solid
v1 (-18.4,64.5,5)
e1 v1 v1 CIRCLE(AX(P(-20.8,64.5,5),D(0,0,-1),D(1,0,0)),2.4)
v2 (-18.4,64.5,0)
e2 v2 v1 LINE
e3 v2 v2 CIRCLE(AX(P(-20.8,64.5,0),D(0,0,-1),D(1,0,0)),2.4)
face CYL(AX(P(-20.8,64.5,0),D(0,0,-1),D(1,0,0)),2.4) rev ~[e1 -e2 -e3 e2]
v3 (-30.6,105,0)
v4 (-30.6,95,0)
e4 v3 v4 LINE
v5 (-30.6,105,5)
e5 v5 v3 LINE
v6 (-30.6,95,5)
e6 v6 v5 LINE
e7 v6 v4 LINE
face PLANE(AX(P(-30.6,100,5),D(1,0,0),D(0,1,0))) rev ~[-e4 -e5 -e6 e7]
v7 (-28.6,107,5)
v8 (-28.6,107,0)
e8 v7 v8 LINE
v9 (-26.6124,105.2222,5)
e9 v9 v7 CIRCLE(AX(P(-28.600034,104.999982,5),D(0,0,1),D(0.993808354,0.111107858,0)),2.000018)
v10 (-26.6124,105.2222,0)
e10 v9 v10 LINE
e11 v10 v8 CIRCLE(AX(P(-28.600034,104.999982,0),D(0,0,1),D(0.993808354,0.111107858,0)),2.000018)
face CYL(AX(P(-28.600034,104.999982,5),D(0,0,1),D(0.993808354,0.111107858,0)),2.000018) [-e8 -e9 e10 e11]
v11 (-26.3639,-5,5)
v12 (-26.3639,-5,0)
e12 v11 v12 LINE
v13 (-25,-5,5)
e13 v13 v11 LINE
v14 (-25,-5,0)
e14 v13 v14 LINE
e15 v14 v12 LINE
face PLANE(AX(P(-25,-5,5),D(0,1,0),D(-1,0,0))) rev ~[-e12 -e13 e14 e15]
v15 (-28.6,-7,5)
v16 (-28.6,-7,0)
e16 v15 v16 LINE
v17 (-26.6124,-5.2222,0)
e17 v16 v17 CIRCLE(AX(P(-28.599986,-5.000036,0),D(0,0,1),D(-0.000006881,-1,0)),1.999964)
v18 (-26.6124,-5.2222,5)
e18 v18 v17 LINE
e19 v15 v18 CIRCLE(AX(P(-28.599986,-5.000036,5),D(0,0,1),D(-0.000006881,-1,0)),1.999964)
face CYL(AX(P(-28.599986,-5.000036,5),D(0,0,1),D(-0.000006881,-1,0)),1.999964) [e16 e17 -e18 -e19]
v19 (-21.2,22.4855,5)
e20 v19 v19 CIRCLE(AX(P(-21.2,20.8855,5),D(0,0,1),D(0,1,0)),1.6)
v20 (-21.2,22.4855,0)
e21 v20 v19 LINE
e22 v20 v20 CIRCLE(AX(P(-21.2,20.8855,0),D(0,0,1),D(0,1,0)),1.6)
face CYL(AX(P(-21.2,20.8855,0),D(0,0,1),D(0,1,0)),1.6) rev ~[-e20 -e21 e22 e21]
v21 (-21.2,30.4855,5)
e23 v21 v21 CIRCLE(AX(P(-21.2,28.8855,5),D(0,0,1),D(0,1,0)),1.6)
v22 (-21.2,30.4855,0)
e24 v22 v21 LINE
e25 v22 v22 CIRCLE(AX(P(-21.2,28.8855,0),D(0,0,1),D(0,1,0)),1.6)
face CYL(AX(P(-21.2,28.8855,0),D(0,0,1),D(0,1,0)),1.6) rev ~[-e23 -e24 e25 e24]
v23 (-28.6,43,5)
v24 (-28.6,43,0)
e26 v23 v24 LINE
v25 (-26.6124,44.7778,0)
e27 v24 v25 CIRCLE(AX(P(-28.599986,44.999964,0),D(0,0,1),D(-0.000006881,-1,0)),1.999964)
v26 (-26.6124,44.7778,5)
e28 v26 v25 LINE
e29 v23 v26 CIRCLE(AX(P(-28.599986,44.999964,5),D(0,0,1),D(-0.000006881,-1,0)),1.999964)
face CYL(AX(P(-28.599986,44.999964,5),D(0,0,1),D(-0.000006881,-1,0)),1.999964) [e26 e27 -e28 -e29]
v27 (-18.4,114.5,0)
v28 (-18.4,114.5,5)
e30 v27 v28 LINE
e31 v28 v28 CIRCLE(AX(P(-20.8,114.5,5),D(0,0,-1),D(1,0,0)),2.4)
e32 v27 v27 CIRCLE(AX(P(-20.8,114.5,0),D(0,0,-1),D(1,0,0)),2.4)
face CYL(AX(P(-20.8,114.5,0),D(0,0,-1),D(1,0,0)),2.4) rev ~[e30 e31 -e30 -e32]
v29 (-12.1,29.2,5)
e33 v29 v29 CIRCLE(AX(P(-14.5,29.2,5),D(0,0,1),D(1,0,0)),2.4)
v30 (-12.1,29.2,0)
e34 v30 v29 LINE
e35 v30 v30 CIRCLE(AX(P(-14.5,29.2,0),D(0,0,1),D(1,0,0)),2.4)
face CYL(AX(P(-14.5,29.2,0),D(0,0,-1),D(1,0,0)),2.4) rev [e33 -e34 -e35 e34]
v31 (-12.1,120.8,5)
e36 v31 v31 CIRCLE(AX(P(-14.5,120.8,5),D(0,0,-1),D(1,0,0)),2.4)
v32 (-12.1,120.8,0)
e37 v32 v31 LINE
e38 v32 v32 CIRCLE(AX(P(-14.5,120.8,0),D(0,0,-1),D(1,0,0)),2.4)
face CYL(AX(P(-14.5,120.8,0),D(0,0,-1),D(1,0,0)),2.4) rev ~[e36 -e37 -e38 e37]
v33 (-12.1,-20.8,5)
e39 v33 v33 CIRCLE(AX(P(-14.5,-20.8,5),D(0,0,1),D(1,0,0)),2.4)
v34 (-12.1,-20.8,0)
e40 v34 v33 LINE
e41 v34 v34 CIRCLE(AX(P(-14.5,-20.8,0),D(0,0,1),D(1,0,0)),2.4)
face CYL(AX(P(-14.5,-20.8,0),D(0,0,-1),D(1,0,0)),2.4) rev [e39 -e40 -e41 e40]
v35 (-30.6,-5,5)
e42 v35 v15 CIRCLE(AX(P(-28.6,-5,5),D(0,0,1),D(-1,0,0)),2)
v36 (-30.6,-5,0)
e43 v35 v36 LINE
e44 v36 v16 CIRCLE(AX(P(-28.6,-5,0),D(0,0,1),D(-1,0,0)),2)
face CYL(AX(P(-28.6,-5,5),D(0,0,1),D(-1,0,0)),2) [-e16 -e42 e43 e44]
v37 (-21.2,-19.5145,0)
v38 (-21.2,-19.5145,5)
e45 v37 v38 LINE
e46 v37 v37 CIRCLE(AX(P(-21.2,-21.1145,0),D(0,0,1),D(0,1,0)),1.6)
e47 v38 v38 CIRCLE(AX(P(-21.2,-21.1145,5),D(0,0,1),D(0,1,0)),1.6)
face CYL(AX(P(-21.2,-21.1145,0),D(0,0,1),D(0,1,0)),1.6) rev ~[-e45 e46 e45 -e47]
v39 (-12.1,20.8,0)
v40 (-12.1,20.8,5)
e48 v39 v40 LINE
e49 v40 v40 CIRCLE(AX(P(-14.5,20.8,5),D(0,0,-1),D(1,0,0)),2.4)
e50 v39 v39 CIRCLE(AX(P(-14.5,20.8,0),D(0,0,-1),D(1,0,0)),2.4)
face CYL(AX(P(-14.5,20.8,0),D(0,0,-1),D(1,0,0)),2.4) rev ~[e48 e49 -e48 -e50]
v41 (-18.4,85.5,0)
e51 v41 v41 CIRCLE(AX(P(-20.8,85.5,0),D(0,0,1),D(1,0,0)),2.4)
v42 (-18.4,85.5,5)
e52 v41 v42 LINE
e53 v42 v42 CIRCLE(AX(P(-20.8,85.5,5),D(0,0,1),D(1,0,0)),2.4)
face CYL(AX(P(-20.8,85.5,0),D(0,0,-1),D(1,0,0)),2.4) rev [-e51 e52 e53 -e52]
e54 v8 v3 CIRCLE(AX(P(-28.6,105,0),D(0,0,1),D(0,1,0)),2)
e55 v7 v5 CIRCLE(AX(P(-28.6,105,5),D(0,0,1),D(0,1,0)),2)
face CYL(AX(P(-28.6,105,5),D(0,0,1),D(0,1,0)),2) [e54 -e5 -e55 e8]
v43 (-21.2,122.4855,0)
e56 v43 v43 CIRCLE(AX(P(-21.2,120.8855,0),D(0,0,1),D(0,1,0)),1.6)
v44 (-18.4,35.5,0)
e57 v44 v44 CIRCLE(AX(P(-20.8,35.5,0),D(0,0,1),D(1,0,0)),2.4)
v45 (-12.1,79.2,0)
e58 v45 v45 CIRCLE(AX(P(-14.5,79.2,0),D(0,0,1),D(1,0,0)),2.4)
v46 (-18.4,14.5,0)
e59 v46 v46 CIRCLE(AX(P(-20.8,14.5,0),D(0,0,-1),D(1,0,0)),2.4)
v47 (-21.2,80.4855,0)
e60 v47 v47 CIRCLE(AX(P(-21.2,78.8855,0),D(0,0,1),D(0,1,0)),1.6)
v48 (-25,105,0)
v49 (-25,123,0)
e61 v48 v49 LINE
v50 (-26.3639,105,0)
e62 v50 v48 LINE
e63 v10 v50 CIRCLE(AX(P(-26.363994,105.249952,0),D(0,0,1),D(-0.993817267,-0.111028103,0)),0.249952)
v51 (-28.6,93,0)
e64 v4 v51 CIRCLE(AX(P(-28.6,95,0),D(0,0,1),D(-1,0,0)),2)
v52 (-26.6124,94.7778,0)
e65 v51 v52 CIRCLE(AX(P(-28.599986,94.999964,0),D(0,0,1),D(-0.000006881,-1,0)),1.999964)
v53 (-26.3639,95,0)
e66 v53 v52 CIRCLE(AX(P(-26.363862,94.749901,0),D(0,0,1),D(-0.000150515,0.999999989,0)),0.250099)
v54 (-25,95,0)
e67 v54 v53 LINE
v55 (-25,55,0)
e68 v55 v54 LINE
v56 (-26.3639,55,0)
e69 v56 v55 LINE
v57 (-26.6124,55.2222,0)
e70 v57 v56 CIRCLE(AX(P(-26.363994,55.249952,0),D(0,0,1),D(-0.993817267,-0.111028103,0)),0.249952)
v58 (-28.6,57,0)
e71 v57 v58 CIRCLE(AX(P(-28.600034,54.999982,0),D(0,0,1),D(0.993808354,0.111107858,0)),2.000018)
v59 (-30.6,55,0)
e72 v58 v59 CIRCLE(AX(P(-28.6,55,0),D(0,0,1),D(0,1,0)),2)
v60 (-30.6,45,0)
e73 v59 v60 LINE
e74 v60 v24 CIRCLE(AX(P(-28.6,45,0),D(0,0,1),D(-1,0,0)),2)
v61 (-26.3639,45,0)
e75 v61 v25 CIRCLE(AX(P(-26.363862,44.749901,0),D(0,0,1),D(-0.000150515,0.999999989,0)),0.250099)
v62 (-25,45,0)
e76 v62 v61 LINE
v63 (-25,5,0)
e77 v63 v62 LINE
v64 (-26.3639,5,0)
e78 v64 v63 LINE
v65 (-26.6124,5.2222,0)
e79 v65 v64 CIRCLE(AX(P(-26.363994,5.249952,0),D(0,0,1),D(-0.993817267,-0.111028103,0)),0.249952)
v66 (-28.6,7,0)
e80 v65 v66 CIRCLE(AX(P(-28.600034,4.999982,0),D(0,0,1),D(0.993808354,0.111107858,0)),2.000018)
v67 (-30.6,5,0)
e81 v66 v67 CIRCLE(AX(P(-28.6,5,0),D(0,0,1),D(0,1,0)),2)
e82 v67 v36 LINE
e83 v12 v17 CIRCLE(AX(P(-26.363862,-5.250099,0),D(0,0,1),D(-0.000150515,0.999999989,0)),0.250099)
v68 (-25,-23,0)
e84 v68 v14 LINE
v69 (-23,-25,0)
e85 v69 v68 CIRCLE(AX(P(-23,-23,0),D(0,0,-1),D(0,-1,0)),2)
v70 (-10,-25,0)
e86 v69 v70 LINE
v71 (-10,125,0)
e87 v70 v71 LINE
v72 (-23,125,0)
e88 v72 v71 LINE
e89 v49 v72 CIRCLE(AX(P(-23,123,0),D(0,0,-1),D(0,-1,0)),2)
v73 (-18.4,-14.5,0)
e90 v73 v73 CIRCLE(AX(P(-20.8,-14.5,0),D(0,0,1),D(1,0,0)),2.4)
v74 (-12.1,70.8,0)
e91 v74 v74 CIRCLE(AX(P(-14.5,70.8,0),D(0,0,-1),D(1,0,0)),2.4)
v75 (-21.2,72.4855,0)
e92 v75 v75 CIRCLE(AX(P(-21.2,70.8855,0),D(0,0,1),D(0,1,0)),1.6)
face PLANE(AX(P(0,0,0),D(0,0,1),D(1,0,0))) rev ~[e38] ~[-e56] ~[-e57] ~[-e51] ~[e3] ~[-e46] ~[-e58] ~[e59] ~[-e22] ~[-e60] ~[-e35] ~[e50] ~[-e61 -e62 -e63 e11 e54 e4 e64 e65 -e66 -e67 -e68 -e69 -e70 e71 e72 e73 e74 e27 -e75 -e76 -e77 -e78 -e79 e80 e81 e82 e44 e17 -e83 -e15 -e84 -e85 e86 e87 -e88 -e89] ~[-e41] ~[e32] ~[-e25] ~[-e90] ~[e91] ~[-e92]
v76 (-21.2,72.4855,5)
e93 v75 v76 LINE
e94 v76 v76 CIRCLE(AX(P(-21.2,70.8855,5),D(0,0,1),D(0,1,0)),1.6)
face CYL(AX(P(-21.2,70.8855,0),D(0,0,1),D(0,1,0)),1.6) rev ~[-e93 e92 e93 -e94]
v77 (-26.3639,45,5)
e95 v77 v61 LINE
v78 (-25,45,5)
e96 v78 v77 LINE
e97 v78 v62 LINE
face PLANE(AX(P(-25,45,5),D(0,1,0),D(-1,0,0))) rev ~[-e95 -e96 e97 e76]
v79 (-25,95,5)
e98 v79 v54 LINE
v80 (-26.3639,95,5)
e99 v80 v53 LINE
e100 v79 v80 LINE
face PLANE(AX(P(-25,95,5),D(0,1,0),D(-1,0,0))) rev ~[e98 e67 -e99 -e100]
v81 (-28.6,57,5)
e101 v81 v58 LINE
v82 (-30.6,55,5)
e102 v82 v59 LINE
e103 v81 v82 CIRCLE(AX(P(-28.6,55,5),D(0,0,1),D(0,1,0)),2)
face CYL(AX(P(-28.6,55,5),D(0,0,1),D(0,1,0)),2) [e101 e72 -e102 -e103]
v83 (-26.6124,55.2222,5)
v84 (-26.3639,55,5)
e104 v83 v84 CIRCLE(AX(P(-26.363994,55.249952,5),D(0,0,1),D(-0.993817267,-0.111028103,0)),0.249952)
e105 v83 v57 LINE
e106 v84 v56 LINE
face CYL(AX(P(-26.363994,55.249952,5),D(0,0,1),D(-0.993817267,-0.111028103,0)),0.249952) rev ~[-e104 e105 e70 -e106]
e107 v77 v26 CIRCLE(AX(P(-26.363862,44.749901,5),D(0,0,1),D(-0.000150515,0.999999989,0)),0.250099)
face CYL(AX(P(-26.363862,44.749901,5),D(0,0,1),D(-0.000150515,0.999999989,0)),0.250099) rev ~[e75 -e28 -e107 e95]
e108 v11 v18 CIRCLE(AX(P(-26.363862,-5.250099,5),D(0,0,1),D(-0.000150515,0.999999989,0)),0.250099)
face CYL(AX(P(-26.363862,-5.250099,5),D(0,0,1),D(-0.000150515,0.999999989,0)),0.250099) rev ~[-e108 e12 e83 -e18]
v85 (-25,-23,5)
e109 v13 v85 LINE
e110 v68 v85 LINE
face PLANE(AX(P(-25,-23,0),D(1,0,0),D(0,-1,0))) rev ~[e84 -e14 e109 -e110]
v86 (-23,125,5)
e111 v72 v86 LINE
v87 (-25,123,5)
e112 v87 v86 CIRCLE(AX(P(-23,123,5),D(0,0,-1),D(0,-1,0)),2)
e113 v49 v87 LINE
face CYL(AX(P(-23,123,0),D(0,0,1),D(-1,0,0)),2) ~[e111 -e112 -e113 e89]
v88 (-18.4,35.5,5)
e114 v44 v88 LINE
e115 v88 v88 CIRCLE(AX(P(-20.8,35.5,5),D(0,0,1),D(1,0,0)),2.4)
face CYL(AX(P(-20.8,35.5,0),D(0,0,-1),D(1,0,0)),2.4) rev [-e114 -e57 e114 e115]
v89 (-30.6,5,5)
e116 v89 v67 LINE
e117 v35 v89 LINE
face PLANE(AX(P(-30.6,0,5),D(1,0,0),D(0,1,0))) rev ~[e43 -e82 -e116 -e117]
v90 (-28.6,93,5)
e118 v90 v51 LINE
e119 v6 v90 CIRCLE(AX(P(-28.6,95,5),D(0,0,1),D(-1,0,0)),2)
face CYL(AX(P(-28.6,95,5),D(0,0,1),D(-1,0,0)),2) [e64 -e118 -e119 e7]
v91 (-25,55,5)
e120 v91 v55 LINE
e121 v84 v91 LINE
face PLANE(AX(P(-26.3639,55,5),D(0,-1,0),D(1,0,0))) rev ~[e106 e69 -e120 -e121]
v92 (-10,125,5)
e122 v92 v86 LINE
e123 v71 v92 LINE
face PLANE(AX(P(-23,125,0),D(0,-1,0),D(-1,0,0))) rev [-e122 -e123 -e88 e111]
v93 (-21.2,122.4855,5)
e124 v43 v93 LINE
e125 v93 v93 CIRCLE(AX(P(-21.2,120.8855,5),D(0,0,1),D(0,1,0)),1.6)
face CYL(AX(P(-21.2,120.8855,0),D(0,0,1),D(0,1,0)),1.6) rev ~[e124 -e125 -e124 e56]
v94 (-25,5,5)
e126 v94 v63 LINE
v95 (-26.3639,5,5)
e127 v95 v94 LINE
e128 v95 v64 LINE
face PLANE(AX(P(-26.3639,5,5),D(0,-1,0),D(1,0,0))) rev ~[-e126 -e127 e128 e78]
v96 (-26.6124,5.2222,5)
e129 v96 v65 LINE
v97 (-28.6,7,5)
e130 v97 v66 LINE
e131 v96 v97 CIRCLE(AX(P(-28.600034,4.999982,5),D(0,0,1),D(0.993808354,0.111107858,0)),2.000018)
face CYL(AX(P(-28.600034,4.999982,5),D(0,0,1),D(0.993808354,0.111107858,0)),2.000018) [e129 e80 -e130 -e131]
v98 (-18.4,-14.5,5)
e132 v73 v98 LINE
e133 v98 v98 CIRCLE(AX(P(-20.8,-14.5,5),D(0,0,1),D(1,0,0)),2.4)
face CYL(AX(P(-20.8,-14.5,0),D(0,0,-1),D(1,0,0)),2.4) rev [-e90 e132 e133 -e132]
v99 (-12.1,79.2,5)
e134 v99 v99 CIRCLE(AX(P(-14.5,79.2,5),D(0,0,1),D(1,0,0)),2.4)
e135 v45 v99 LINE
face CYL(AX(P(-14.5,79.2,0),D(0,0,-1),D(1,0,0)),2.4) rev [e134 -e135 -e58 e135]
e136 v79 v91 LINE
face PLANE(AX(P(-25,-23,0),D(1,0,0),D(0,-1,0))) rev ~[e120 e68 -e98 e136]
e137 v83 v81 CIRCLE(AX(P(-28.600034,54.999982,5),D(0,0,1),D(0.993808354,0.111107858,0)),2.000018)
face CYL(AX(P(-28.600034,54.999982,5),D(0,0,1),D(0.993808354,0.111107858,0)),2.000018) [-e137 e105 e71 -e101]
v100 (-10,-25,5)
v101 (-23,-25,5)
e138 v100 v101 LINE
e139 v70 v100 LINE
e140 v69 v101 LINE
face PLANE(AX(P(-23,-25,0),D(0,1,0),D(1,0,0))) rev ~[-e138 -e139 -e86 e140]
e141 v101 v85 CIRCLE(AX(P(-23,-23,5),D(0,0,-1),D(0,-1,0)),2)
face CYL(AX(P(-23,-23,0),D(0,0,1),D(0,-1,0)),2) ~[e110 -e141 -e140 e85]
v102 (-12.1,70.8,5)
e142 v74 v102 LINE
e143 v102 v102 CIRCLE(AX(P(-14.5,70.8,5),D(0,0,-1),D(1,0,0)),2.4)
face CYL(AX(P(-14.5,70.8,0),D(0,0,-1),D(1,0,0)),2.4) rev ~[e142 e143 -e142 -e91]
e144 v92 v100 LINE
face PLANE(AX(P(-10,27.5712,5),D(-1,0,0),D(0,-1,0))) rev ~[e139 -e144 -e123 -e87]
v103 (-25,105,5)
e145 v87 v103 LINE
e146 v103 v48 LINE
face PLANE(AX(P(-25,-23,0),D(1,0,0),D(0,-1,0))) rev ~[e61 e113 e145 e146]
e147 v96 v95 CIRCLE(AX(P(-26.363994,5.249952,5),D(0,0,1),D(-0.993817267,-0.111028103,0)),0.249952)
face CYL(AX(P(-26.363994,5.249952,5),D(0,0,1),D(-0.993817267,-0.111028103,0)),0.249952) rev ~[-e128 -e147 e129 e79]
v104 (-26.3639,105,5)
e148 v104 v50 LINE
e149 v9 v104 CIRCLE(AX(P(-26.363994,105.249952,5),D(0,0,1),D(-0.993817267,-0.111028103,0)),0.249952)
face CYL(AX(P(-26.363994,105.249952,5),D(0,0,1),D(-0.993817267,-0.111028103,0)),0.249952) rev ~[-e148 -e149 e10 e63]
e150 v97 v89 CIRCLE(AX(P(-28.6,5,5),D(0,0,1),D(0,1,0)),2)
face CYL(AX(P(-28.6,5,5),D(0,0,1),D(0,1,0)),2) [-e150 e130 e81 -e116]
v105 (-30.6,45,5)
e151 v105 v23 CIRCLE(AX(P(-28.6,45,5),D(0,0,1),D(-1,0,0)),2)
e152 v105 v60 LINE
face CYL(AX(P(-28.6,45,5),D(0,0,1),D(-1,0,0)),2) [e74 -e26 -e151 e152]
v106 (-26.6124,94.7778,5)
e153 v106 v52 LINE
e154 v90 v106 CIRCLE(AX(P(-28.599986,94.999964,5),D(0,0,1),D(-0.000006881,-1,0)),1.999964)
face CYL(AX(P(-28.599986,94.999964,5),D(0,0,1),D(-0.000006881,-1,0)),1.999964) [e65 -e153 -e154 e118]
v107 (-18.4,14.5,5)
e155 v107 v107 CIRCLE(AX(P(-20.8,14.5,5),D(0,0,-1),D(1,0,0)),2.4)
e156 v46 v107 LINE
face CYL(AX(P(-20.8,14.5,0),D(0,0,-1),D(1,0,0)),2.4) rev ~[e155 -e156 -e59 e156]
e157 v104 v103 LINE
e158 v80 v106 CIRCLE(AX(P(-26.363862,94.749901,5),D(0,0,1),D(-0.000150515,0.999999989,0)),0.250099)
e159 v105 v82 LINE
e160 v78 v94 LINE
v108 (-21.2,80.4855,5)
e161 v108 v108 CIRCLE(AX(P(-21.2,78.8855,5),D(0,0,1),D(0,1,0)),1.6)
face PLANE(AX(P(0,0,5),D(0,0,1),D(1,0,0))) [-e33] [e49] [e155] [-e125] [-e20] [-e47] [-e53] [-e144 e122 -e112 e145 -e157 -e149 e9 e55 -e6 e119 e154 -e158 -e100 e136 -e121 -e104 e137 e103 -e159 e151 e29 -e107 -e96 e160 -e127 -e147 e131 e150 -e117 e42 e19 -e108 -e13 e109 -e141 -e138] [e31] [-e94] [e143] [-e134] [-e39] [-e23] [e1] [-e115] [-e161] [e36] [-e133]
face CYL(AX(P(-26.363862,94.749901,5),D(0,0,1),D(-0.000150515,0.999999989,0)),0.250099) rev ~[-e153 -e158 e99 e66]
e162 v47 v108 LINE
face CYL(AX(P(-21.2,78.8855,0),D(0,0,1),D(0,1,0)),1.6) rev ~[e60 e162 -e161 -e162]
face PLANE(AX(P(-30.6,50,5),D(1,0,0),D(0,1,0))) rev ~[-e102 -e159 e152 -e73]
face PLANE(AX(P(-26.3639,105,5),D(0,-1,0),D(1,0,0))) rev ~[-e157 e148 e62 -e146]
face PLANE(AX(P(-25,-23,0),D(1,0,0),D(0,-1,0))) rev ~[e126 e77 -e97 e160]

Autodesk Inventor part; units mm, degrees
ref_plane "YZ Plane" through (0, 0, 0) normal (1, 0, 0) x (0, 1, 0)
ref_plane "XZ Plane" through (0, 0, 0) normal (0, 1, 0) x (-1, 0, 0)
ref_plane "XY Plane" through (0, 0, 0) normal (0, 0, 1) x (1, 0, 0)
sketch "Skizze1" plane through (0, 0, 0) normal (0, 0, 1) x (1, 0, 0)
  line L0 (-17, 0) -> (-25, 0)
  line L1 (-25, 0) -> (-25, -23)
  line L2 (-23, -25) -> (0, -25)
  line L3 (0, -25) -> (0, -17)
  line L4 (-17, 0) -> (-17, -15)
  line L5 (-15, -17) -> (0, -17)
  arc A0 (-25, -23) -> (-23, -25) centre (-23, -23) ccw construction
  circle A1 centre (-20.8, -14.5) radius 2.4
  circle A2 centre (-14.5, -20.8) radius 2.4
  arc A3 (-17, -15) -> (-15, -17) centre (-15, -15) ccw
  circle A4 centre (-14.5, -20.8) radius 2.4 construction
  circle A5 centre (-20.8, -14.5) radius 2.4 construction
  line L6 (-30.4971, 0) -> (5.0828, 0) construction
  line L7 (0, -30.4971) -> (0, 5.0828) construction
  line L8 (-23, -25) -> (-25, -25)
  line L9 (-25, -23) -> (-25, -25)
  line L10 (0, -17) -> (0, 0)
  line L11 (0, 0) -> (-17, 0)
  point P0 (-17, -17)
  dimension "d278" = 25
  dimension "d279" = 25
  dimension "d2" = 8
  dimension "d281" = 8
  dimension "d282" = 2
  dimension "d286" = 4.8
  dimension "d_hole" = 4.8
  dimension "d290" = 20.8
  dimension "d" = 20.8
  dimension "d292" = 2
  dimension "d313" = 6.3
  dimension "d314" = 6.3
  dimension "d332" = 0
extrude "Extrusion1" add sketch "Skizze1" along normal blind 5
mirror "Mirror6" about plane through (0, 0, 0) normal (0, 1, 0) of "Extrusion1"
sketch "Sketch26" plane through (0, 0, 5) normal (0, 0, 1) x (1, 0, 0)
  line L0 (-25, 25) -> (0, 25) projected
  line L1 (-25, -25) -> (-25, 25) projected
  line L2 (-25, -25) -> (0, -25) projected
  line L3 (-25, -23) -> (-25, 23) projected
  line L4 (-28.6, -7) -> (-28.6, -7)
  line L5 (-30.6, -5) -> (-30.6, 5)
  line L6 (-28.6, 7) -> (-28.6, 7)
  line L7 (-25, 16.8311) -> (-25, -7)
  line L8 (-26.3639, 5) -> (-25, 5)
  line L9 (-25, -5) -> (-26.3639, -5)
  arc A0 (-30.6, -5) -> (-28.6, -7) centre (-28.6, -5) ccw
  arc A1 (-28.6, -7) -> (-26.6124, -5.2222) centre (-28.6, -5) ccw
  arc A2 (-28.6, 7) -> (-30.6, 5) centre (-28.6, 5) ccw
  arc A3 (-26.6124, 5.2222) -> (-28.6, 7) centre (-28.6, 5) ccw
  arc A4 (-26.3639, -5) -> (-26.6124, -5.2222) centre (-26.3639, -5.25) ccw
  arc A5 (-26.6124, 5.2222) -> (-26.3639, 5) centre (-26.3639, 5.25) ccw
  line L10 (-37.2171, 0) -> (6.2028, 0) projected
  line L11 (0, -25) -> (0, 25) projected
  point P0 (0, 0)
  point P1 (-24.0313, 1.861)
  point P2 (-28.6, -7)
  point P3 (-25, -5)
  point P4 (-25, 5)
  point P5 (-28.6, 7)
  dimension "d293" = 5.6
  dimension "d300" = 2
  dimension "d301" = 0.25
  dimension "d365" = 7
  dimension "d367" = 7
  dimension "d385" = 5
  dimension "d386" = 5
extrude "Extrusion13" add sketch "Sketch26" against normal up to surface (5 mm away) contours L10 L5 A2 A3 A5 L8 L1 | L1 L9 A4 A1 A0 L5 L10
sketch "Skizze36" plane through (0, 0, 5) normal (0, 0, 1) x (1, 0, 0)
  line L0 (30.9789, 27.5712) -> (-10, 27.5712)
  line L1 (-10, 27.5712) -> (-10, -32.2955)
  line L2 (-10, -32.2955) -> (30.9789, -32.2955)
  line L3 (30.9789, -32.2955) -> (30.9789, 27.5712)
  line L4 (-25, 23) -> (-25, 5) projected
  point P0 (0, 0)
  dimension "d401" = 15
extrude "Extrusion19" cut sketch "Skizze36" against normal blind 10
pattern_linear "Rechteckige Anordnung8" count 3 spacing 50 along (0, 1, 0) of "Extrusion1", "Mirror6", "Extrusion13", "Extrusion19"
fillet "Rundung6" radius 2 2 edges at (-25, -25, 2.5) (-25, 125, 2.5)
sketch "Skizze37" plane through (0, 0, 0) normal (0, 0, -1) x (-1, 0, 0)
  arc A0 (23.1, -20.49) -> (20.5755, -23.0145) centre (21.2, -21.1145) ccw projected
  arc A1 (20.7515, 22.8345) -> (23.1, 20.261) centre (21.2, 20.8855) ccw projected
  arc A2 (23.1, 29.51) -> (20.5755, 26.9855) centre (21.2, 28.8855) ccw projected
  arc A3 (20.7515, 72.8345) -> (23.1, 70.261) centre (21.2, 70.8855) ccw projected
  arc A4 (23.1, 79.51) -> (20.5755, 76.9855) centre (21.2, 78.8855) ccw projected
  arc A5 (20.7515, 122.8345) -> (23.1, 120.261) centre (21.2, 120.8855) ccw projected
  point P0 (0, 0)
hole "Bohrung8" at (-21.2, 120.8855, 0) at (-21.2, 78.8855, 0) at (-21.2, 70.8855, 0) at (-21.2, 28.8855, 0) at (-21.2, 20.8855, 0) at (-21.2, -21.1145, 0) direction (0, 0, 1) diameter 3.2 end through all
equation "\"d_i\" = 40"
equation "\"d_o\" = 40"
equation "\"d_part\" = 50"
equation "\"d6\" = 0"
equation "\"d7\" = 0"
equation "\"d8\" = 0"
equation "\"d9\" = 0"
equation "\"d13\" = 0"
equation "\"d14\" = 0"
equation "\"d20\" = 0"
equation "\"d21\" = 0"
equation "\"d22\" = 0"
equation "\"d23\" = 0"
equation "\"d24\" = 0"
equation "\"d25\" = 3"
equation "\"d26\" = 0"
equation "\"d27\" = 0"
equation "\"d28\" = 0"
equation "\"d29\" = 0"
equation "\"d30\" = 0"
equation "\"d31\" = 0"
equation "\"d32\" = 0"
equation "\"d33\" = 0"
equation "\"d34\" = 0"
equation "\"d46\" = 0"
equation "\"d47\" = 0"
equation "\"d48\" = 0"
equation "\"d50\" = 0"
equation "\"d51\" = 0"
equation "\"d52\" = 0"
equation "\"d53\" = 0"
equation "\"d54\" = 0"
equation "\"d55\" = 0"
equation "\"d56\" = 0"
equation "\"d57\" = 0"
equation "\"d58\" = 0"
equation "\"d59\" = 0"
equation "\"magnet_offset\" = 0"
equation "\"screw_offset\" = 0"
equation "\"mal_puzzle_offset\" = 0"
equation "\"fem_puzzle_offset\" = 0"
properties part number "40_Cube_XY_Table_Aliexpress_naked_puzzlebar"
